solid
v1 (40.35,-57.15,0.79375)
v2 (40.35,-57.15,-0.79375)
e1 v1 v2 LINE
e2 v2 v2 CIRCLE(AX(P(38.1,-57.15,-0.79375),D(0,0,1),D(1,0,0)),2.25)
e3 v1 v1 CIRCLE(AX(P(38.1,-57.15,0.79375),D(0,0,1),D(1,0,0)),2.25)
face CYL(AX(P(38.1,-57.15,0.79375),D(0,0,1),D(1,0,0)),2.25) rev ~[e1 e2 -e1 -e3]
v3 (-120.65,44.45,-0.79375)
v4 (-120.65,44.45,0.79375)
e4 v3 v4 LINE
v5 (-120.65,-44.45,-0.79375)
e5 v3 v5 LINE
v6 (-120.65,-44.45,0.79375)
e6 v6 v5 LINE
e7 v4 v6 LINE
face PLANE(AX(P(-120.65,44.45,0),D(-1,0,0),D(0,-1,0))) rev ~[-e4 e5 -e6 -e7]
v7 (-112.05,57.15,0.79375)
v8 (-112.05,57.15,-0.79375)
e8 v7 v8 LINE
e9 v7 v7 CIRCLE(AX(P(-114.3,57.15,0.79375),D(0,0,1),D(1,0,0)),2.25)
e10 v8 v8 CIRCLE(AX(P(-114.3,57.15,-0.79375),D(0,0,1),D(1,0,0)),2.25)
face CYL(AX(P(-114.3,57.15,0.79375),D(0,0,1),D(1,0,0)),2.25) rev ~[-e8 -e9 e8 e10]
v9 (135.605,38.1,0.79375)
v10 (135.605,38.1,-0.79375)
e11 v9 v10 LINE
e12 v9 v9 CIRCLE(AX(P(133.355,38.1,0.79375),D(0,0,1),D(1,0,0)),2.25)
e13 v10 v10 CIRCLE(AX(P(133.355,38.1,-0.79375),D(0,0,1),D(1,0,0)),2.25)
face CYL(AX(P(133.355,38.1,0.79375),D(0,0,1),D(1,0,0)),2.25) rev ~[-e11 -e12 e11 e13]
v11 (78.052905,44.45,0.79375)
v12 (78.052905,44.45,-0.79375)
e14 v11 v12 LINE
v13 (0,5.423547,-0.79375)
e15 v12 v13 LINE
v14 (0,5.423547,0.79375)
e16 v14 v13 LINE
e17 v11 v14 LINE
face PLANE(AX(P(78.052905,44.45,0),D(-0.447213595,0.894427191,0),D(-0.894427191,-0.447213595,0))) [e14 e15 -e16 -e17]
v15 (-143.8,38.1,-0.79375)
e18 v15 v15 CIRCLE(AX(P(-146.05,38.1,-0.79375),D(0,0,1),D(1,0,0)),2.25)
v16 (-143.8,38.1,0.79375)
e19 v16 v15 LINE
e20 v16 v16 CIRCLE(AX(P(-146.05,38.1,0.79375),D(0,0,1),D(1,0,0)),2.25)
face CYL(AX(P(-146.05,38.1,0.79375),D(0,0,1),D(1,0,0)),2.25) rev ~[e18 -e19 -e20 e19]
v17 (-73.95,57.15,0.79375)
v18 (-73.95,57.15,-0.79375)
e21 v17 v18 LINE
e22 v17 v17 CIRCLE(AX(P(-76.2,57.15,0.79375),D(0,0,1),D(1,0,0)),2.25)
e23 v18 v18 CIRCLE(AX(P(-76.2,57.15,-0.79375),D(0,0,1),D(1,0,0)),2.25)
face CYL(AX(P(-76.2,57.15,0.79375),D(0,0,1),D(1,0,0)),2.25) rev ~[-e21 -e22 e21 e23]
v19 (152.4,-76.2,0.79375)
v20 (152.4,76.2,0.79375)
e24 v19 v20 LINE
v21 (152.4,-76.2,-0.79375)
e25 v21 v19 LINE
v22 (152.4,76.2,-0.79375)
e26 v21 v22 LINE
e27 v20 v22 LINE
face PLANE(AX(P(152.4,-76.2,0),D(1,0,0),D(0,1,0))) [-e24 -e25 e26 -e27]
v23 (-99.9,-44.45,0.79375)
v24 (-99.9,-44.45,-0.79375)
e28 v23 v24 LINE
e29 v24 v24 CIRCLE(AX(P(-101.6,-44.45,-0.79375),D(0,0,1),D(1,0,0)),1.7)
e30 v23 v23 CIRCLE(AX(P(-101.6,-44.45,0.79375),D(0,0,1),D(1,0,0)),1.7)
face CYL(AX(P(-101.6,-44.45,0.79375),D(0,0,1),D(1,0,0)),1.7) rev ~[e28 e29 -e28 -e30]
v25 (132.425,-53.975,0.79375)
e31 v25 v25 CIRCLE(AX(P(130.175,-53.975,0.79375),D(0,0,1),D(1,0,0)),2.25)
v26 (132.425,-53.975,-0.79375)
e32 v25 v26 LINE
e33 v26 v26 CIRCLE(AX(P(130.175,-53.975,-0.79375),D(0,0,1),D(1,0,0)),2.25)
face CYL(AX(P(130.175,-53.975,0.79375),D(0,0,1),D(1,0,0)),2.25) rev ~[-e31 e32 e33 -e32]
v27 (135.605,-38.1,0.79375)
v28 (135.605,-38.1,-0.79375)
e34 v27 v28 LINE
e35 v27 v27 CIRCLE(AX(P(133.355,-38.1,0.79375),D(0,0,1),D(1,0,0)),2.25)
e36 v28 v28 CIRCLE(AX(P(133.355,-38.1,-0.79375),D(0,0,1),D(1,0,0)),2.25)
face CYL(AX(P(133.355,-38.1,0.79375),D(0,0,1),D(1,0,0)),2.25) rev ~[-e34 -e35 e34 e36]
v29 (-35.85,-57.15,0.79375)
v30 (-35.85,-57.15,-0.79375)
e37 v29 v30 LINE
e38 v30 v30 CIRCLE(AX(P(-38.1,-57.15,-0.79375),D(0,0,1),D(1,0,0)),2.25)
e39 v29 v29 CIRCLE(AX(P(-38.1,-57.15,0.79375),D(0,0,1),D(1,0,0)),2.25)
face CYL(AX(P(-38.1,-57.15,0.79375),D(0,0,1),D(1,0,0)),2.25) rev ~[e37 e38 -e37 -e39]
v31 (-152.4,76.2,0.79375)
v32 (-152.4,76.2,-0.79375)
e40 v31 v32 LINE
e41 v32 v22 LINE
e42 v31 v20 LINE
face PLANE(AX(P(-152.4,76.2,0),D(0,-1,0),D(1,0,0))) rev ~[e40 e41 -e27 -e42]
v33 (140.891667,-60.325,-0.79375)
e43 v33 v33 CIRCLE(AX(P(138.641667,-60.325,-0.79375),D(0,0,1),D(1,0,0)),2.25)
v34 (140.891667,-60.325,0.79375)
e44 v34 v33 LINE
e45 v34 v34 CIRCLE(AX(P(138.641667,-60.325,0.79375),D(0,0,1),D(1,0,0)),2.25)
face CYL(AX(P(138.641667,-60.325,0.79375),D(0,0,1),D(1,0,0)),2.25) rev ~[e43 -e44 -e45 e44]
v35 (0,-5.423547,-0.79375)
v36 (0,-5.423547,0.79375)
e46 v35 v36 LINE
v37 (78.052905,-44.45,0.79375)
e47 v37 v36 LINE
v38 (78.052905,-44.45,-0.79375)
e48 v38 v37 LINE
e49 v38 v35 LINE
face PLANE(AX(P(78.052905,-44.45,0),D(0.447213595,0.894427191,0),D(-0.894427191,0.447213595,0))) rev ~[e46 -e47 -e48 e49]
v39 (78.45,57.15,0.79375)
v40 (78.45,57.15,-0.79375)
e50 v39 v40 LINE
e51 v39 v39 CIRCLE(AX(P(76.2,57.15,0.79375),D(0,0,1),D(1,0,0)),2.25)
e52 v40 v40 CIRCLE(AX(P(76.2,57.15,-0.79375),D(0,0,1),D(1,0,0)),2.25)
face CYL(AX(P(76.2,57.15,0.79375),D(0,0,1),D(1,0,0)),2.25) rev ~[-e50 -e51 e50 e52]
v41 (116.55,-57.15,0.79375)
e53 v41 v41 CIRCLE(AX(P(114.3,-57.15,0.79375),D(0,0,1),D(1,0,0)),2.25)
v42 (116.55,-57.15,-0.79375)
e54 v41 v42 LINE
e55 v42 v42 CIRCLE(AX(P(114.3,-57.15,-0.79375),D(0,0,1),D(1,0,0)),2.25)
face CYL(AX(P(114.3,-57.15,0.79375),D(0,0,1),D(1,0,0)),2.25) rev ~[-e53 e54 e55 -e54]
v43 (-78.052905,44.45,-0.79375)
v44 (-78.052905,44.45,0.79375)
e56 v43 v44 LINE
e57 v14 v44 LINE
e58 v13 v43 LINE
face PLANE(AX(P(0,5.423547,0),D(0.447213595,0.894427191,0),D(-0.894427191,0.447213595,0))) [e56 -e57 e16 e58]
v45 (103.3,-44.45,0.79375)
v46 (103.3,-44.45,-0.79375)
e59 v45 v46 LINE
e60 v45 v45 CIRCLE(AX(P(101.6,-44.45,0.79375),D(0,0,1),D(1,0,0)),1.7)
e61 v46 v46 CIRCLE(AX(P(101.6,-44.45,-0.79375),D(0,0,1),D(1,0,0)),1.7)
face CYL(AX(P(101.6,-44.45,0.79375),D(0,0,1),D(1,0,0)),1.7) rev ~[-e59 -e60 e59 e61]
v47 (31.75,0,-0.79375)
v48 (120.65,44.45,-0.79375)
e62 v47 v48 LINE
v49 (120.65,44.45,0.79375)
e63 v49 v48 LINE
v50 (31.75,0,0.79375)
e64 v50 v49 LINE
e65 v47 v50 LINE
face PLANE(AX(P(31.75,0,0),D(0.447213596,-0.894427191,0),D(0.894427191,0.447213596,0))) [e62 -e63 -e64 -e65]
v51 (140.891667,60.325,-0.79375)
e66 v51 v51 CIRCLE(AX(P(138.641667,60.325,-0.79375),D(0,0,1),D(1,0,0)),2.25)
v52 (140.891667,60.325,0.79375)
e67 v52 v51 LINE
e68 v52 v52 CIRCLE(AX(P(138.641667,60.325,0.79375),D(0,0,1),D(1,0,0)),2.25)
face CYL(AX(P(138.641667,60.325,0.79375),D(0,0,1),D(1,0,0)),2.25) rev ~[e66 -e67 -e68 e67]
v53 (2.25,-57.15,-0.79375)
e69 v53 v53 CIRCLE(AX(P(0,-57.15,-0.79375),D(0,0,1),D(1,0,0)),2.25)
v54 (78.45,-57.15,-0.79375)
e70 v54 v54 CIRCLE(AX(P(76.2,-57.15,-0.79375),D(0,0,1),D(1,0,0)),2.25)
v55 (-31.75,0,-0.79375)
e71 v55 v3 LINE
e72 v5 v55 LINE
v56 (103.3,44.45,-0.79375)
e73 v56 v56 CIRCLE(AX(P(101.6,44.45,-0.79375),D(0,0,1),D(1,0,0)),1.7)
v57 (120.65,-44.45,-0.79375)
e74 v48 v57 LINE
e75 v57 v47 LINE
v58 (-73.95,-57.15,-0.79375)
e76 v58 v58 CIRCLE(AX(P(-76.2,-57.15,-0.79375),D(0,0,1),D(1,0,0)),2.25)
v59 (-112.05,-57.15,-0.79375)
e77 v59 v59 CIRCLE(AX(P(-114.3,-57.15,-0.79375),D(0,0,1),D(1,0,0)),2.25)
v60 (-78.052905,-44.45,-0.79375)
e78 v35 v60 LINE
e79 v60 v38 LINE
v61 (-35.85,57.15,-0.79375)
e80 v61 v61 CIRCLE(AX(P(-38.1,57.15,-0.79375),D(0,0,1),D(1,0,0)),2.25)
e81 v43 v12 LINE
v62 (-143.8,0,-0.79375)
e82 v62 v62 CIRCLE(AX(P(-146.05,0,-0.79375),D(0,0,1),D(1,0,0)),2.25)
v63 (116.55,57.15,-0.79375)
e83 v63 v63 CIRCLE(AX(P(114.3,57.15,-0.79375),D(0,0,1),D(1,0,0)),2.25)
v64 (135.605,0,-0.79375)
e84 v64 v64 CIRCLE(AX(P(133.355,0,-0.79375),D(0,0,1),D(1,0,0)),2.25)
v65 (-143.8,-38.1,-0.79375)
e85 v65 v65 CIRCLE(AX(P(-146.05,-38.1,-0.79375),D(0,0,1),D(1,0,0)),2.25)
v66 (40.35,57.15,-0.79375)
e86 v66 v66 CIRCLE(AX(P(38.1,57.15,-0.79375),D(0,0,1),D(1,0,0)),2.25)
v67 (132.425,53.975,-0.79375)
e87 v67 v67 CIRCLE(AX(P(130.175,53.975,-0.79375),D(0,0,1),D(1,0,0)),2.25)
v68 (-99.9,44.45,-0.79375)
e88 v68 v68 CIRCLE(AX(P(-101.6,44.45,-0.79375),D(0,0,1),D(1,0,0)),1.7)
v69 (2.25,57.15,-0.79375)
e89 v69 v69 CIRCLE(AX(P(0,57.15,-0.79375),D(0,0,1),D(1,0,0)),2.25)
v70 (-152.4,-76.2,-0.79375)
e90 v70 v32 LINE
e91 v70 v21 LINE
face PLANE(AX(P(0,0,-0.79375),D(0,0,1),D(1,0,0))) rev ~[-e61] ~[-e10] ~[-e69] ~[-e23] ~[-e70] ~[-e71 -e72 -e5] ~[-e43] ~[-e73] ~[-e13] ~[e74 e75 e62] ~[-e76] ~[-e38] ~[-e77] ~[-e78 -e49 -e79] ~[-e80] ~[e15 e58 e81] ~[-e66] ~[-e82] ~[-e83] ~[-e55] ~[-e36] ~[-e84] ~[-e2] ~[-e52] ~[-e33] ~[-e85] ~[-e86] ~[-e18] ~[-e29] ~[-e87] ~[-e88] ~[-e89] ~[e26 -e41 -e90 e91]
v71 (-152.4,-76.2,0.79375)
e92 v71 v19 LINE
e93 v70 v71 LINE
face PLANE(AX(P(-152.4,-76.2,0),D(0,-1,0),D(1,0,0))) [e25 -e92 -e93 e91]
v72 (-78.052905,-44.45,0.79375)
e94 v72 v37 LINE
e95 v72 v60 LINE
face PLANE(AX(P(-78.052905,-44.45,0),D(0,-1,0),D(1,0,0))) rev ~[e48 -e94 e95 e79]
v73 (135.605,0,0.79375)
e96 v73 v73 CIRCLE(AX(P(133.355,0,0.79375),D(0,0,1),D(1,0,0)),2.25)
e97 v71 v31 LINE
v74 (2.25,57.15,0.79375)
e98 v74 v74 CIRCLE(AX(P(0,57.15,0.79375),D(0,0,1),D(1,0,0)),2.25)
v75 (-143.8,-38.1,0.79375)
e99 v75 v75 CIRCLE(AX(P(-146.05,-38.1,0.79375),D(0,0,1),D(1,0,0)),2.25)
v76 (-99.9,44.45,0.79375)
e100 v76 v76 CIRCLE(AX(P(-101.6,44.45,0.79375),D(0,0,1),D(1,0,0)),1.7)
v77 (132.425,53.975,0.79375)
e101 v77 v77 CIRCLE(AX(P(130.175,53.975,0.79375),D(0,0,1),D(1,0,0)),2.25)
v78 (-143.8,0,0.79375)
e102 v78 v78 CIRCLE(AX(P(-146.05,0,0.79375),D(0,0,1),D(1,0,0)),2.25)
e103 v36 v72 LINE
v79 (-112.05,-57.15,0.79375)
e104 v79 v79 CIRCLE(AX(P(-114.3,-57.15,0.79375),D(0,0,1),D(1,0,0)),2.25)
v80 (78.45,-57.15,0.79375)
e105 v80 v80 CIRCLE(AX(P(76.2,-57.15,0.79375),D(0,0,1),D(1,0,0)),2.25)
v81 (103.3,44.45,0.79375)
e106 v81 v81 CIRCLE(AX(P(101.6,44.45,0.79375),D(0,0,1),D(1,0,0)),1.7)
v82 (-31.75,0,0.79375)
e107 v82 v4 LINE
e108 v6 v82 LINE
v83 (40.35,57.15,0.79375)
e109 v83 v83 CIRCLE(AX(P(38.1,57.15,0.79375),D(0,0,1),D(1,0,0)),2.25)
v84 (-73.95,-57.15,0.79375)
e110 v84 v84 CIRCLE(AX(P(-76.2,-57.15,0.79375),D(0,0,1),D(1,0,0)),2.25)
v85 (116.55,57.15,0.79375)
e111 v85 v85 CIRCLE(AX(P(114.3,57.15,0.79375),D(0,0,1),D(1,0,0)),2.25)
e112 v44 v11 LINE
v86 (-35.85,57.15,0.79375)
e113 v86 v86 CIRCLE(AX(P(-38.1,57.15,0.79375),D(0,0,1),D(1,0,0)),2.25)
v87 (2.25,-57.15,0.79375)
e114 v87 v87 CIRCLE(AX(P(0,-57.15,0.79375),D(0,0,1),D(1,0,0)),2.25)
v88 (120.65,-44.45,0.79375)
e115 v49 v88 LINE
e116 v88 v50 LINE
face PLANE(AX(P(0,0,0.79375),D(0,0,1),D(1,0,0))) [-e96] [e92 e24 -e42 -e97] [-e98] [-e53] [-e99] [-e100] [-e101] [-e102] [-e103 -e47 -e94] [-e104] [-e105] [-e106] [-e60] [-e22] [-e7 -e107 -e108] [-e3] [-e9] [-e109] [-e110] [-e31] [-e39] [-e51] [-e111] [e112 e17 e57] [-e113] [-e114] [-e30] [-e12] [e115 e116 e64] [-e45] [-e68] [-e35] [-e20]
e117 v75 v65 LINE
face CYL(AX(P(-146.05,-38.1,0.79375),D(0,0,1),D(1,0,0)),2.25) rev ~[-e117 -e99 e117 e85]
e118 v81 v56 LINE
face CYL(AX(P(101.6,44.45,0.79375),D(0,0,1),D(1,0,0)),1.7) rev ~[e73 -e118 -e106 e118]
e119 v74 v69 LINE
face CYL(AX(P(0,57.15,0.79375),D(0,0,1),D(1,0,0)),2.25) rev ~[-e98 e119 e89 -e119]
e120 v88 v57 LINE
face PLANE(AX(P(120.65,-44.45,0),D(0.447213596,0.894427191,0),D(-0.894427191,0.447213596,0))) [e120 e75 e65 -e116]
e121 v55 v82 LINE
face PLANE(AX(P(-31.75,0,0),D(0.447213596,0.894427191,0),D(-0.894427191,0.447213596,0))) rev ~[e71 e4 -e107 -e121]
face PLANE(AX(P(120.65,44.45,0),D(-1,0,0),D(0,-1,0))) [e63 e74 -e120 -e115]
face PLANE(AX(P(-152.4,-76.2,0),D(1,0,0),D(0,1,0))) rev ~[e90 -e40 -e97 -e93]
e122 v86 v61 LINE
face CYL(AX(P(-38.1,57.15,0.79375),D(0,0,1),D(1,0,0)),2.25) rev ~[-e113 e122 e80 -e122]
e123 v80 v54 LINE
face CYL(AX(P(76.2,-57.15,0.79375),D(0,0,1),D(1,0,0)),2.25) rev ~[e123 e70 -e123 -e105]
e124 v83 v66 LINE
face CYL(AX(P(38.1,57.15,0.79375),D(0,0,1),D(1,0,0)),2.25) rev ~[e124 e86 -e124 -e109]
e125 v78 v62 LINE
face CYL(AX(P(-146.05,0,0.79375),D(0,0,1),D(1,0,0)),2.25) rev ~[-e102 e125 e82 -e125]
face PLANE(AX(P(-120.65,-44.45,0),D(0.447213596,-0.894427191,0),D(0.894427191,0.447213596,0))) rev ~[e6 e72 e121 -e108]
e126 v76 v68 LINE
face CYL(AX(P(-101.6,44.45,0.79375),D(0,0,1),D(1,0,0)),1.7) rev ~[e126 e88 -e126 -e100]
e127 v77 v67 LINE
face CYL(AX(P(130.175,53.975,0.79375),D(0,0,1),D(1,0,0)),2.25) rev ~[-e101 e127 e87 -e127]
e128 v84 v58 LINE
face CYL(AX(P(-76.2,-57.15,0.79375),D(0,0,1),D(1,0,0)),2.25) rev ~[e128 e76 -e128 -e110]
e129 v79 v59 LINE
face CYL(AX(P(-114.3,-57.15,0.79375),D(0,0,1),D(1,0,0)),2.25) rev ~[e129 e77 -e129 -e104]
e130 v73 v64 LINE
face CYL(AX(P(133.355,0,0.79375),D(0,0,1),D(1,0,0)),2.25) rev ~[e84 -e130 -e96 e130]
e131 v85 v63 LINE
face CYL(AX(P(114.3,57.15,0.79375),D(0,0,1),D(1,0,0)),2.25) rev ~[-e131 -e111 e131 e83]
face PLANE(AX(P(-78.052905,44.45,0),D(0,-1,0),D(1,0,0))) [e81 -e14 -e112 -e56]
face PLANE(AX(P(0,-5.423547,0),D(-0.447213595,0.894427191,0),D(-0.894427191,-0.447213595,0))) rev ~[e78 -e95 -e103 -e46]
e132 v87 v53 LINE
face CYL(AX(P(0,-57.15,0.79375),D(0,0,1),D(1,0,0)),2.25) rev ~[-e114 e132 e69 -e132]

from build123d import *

# Parameters (mm, degrees)
SKETCH1_W           = 304.8
SKETCH1_H           = 152.4
BOSS_EXTRUDE1_DEPTH = 0.79375
SKETCH2_R           = 2.25
CUT_EXTRUDE1_DEPTH  = 2.5875
SKETCH3_R           = 2.25
CUT_EXTRUDE2_DEPTH  = 2.5875
SKETCH4_R           = 1.7
CUT_EXTRUDE3_DEPTH  = 2.5875


with BuildPart() as part:
    # Sketch1 → Boss-Extrude1 (new body, symmetric)
    with BuildSketch(Plane.XY):
        Rectangle(SKETCH1_W, SKETCH1_H)
        Polygon((-120.65, 44.45), (-120.65, -44.45), (-31.75, 0), align=None, mode=Mode.SUBTRACT)
        Polygon((-78.052905029, 44.45), (78.052905029, 44.45), (0, 5.423547486), align=None, mode=Mode.SUBTRACT)
        Polygon((0, -5.423547486), (-78.052905029, -44.45), (78.052905029, -44.45), align=None, mode=Mode.SUBTRACT)
        Polygon((31.75, 0), (120.65, 44.45), (120.65, -44.45), align=None, mode=Mode.SUBTRACT)
    extrude(amount=BOSS_EXTRUDE1_DEPTH, both=True)

    # Sketch2 → Cut-Extrude1 (cut, through all)
    with BuildSketch(Plane.XY.offset(0.79375)):
        with Locations((133.355, 38.1)):
            Circle(SKETCH2_R)
        with Locations((133.355, 0)):
            Circle(SKETCH2_R)
        with Locations((133.355, -38.1)):
            Circle(SKETCH2_R)
        with Locations((114.3, 57.15)):
            Circle(SKETCH2_R)
        with Locations((114.3, -57.15)):
            Circle(SKETCH2_R)
        with Locations((76.2, -57.15)):
            Circle(SKETCH2_R)
        with Locations((76.2, 57.15)):
            Circle(SKETCH2_R)
        with Locations((38.1, -57.15)):
            Circle(SKETCH2_R)
        with Locations((38.1, 57.15)):
            Circle(SKETCH2_R)
        with Locations((0, -57.15)):
            Circle(SKETCH2_R)
        with Locations((0, 57.15)):
            Circle(SKETCH2_R)
        with Locations((-38.1, -57.15)):
            Circle(SKETCH2_R)
        with Locations((-38.1, 57.15)):
            Circle(SKETCH2_R)
        with Locations((-76.2, -57.15)):
            Circle(SKETCH2_R)
        with Locations((-76.2, 57.15)):
            Circle(SKETCH2_R)
        with Locations((-114.3, -57.15)):
            Circle(SKETCH2_R)
        with Locations((-114.3, 57.15)):
            Circle(SKETCH2_R)
        with Locations((130.175, 53.975)):
            Circle(SKETCH2_R)
        with Locations((138.641666667, 60.325)):
            Circle(SKETCH2_R)
        with Locations((130.175, -53.975)):
            Circle(SKETCH2_R)
        with Locations((138.641666667, -60.325)):
            Circle(SKETCH2_R)
    extrude(amount=-CUT_EXTRUDE1_DEPTH, mode=Mode.SUBTRACT)

    # Sketch3 → Cut-Extrude2 (cut, through all)
    with BuildSketch(Plane.XY.offset(0.79375)):
        with Locations((-146.05, 38.1)):
            Circle(SKETCH3_R)
        with Locations((-146.05, -38.1)):
            Circle(SKETCH3_R)
        with Locations((-146.05, 0)):
            Circle(SKETCH3_R)
    extrude(amount=-CUT_EXTRUDE2_DEPTH, mode=Mode.SUBTRACT)

    # Sketch4 → Cut-Extrude3 (cut, through all)
    with BuildSketch(Plane.XY.offset(0.79375)):
        with Locations((-101.6, -44.45)):
            Circle(SKETCH4_R)
        with Locations((101.6, -44.45)):
            Circle(SKETCH4_R)
        with Locations((101.6, 44.45)):
            Circle(SKETCH4_R)
        with Locations((-101.6, 44.45)):
            Circle(SKETCH4_R)
    extrude(amount=-CUT_EXTRUDE3_DEPTH, mode=Mode.SUBTRACT)


solid = part.part
